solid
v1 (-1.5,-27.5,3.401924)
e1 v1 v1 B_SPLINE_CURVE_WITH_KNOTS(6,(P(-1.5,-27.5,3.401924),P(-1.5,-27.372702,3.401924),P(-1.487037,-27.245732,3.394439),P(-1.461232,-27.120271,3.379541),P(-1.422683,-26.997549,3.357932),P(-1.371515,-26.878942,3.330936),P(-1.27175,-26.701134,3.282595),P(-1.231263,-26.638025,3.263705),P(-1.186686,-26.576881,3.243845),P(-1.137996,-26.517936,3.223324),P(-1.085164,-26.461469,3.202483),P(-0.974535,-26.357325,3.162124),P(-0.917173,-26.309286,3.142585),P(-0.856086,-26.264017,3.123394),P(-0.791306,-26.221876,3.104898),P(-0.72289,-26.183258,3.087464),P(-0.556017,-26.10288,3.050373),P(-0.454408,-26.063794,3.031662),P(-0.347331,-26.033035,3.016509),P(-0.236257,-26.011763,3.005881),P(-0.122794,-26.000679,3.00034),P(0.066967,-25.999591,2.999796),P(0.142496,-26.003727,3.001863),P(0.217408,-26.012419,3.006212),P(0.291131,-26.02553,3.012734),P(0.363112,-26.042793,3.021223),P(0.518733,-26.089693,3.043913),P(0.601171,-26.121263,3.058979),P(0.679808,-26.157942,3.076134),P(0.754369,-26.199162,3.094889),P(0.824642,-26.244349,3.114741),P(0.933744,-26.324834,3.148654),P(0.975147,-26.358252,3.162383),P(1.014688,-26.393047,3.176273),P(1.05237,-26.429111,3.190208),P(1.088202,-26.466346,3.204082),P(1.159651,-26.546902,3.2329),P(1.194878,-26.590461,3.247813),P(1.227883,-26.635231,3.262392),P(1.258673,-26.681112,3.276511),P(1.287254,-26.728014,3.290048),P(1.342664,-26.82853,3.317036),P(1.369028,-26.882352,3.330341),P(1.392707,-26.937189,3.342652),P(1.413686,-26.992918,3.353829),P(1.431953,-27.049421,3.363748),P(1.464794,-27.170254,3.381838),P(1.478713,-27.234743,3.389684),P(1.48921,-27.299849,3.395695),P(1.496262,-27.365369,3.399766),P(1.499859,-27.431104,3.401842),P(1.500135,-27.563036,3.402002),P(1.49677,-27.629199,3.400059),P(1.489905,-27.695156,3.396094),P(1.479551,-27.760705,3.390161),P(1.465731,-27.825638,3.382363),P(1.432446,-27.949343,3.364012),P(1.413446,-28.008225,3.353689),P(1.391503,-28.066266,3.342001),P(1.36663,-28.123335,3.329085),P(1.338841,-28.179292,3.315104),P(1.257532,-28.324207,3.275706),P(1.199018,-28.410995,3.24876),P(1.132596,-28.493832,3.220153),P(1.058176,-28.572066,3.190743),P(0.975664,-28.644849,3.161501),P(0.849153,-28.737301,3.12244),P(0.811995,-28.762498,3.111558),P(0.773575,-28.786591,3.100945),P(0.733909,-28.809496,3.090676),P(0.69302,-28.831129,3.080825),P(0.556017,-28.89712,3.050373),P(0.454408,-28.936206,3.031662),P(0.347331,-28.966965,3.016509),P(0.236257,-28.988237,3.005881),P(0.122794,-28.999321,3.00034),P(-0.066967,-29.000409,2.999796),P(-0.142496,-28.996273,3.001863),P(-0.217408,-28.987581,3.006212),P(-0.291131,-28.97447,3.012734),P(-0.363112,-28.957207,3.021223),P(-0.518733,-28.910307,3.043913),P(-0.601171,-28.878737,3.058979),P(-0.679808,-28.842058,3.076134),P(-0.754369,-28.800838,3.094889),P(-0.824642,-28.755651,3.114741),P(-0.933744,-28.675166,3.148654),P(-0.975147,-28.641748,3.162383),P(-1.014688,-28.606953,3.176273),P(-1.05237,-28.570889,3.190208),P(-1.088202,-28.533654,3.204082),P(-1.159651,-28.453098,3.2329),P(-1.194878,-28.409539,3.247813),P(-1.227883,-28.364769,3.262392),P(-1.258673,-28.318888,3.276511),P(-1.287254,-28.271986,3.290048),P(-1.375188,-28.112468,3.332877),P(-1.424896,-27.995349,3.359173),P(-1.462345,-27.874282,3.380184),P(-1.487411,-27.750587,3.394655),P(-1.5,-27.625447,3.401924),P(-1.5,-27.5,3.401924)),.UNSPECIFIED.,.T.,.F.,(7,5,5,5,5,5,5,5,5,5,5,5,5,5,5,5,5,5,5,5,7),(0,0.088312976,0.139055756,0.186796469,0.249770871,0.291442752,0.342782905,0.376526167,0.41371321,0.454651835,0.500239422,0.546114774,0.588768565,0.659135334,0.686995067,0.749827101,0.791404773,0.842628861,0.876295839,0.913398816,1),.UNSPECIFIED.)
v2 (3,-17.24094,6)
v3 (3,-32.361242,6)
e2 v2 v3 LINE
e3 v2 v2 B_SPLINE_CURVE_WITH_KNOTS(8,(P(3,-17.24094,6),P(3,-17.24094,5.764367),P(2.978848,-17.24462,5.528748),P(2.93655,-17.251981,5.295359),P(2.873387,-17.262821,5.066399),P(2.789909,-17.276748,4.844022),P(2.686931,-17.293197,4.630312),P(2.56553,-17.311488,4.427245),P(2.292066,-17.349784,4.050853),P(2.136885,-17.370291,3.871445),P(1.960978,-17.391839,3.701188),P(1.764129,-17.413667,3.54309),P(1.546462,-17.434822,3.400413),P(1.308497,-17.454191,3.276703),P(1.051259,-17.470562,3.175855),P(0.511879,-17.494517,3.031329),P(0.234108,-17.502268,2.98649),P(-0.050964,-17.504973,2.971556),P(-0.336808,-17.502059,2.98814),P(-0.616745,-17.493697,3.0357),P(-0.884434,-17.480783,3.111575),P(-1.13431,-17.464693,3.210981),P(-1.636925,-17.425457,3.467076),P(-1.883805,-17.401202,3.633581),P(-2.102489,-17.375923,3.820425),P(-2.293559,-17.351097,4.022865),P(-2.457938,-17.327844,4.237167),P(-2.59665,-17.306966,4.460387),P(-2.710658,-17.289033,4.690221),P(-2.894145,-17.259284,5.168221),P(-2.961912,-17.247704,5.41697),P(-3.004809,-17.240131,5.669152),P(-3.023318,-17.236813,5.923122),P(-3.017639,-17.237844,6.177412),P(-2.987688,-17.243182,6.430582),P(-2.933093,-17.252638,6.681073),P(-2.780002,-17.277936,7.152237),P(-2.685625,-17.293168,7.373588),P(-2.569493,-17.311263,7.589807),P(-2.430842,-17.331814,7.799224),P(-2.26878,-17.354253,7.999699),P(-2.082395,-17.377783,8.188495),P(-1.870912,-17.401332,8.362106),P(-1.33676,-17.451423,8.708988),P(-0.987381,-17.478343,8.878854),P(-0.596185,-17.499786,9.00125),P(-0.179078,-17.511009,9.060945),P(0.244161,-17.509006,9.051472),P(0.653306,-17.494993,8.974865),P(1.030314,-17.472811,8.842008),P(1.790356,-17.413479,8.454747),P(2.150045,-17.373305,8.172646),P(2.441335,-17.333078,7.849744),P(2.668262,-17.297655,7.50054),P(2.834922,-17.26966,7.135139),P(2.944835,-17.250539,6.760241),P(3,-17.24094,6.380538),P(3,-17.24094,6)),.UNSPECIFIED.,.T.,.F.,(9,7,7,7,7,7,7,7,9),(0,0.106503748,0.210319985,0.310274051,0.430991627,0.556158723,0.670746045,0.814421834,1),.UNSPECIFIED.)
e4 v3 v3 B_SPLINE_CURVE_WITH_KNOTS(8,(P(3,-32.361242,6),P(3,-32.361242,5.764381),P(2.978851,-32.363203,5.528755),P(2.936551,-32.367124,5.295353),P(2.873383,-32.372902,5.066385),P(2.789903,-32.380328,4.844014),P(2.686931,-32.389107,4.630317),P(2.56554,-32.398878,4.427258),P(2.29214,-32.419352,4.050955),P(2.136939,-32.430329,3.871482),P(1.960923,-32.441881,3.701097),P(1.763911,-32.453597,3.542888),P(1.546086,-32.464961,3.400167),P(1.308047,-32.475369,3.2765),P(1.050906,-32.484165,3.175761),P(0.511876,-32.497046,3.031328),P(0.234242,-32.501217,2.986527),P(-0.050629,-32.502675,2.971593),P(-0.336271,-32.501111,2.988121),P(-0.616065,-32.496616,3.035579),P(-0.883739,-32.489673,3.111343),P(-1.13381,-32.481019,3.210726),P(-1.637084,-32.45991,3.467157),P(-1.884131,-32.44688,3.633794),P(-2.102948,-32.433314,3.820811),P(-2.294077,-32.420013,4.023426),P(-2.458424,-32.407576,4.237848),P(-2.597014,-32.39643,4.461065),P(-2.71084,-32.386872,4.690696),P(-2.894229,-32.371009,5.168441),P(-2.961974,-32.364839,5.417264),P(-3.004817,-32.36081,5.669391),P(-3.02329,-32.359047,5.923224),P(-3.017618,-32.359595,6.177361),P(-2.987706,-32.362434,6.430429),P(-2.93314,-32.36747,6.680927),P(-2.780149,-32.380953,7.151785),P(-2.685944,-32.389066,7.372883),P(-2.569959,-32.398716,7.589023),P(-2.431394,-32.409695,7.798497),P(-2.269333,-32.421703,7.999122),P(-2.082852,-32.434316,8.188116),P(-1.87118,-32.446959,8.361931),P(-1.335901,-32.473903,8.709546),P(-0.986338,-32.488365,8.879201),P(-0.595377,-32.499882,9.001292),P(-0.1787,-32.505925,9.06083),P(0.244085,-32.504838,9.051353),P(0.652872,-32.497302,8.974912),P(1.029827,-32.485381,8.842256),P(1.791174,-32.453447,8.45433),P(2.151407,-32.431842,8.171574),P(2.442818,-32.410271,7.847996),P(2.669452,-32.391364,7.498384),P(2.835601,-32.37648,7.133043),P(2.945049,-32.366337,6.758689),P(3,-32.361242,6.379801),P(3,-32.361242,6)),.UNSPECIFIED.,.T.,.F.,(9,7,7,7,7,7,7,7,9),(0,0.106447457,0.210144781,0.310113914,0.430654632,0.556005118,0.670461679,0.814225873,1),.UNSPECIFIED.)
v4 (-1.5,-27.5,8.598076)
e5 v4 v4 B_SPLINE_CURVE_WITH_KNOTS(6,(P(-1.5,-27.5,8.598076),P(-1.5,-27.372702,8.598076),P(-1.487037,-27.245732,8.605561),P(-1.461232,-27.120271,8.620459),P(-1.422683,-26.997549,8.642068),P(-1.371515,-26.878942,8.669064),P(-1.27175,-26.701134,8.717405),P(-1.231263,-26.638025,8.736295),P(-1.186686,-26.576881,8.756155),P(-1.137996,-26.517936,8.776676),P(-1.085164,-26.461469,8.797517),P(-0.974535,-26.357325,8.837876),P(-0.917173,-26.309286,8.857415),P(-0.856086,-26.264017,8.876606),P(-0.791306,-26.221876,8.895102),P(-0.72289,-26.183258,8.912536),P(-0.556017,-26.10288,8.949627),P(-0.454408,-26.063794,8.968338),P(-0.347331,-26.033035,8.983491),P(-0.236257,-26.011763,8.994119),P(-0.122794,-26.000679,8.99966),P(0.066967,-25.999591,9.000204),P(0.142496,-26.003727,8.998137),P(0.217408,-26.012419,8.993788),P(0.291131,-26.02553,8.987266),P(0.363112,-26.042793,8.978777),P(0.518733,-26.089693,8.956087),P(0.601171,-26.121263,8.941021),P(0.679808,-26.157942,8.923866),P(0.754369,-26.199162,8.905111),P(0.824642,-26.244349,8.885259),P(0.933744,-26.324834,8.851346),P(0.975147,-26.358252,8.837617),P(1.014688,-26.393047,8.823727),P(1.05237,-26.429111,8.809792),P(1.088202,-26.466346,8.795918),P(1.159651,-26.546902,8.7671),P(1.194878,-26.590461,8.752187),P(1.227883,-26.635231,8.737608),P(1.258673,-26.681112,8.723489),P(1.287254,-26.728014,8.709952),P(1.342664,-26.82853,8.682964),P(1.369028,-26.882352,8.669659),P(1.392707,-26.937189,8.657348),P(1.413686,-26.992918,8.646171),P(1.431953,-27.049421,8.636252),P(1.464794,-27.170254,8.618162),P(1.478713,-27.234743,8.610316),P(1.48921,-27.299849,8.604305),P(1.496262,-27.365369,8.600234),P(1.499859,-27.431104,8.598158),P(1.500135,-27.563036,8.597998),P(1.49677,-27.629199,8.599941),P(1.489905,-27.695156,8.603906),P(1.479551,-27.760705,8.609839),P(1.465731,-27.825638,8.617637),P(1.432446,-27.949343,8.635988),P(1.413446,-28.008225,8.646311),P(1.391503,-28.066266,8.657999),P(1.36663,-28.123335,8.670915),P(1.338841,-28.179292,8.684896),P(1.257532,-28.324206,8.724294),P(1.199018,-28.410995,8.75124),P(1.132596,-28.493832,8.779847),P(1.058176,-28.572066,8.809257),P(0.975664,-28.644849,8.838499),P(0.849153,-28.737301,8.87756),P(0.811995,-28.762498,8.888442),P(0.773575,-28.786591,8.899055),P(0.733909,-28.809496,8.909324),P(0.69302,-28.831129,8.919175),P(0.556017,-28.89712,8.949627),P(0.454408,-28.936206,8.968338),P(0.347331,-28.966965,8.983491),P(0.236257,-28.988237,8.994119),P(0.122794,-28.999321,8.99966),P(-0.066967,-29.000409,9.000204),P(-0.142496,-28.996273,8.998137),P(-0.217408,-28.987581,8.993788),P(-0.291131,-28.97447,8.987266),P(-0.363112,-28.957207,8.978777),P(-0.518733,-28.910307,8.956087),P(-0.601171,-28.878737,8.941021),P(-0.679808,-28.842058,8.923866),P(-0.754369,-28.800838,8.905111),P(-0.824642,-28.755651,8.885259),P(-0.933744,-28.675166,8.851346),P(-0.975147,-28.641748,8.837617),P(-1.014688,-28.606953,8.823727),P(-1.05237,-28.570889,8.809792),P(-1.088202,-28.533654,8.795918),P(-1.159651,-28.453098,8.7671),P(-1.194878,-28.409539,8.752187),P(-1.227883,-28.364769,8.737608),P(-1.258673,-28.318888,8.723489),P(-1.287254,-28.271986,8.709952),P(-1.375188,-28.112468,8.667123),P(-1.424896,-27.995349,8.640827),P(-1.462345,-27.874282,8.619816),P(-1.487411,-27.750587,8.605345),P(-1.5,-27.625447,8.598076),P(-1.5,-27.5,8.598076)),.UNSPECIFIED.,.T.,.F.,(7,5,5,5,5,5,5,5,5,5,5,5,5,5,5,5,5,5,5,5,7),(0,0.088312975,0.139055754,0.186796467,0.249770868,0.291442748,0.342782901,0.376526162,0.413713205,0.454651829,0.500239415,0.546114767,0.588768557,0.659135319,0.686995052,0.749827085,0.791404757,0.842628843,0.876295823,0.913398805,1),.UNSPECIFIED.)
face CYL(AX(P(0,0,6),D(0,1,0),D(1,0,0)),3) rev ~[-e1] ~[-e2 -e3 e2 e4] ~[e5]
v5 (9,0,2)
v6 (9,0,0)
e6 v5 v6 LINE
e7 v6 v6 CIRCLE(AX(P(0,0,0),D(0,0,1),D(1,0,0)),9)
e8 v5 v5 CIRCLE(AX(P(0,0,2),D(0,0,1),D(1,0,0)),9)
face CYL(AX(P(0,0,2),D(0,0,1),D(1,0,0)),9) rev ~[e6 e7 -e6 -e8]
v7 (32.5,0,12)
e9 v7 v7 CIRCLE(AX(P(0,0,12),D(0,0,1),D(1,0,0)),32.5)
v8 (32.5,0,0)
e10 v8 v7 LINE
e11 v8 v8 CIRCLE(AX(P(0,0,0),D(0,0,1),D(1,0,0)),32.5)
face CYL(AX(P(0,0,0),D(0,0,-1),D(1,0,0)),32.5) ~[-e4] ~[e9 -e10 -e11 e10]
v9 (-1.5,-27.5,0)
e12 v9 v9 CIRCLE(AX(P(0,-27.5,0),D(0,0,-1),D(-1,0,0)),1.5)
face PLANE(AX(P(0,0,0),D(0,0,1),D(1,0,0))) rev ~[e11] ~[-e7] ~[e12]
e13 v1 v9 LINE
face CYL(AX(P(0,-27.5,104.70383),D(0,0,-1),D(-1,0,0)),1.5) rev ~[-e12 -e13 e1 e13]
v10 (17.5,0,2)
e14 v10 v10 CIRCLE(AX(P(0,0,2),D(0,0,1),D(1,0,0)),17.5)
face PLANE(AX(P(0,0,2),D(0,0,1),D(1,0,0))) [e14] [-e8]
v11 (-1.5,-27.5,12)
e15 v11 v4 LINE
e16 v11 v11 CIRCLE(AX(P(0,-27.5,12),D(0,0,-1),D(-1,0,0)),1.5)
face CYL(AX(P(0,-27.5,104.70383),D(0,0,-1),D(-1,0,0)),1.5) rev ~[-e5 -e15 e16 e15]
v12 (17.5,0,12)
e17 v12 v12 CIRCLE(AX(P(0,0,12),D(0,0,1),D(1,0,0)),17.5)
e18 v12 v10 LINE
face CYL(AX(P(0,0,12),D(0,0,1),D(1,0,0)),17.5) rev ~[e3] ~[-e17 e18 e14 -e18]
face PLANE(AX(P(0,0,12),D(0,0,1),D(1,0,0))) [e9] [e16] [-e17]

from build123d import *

# Parameters (mm, degrees)
F0_R     = 32.5
F1_DEPTH = 12
F2_R     = 17.5
F3_DEPTH = 10
F4_R     = 9
F5_DEPTH = 2000
F7_D     = 6
F7_DEPTH = 32.501
F9_D     = 3


with BuildPart() as f1:
    # F0 (on Top) → F1 (new body)
    with BuildSketch(Plane.XY):
        Circle(F0_R)
    extrude(amount=F1_DEPTH)

    # F2 (on face) → F3 (cut)
    with BuildSketch(Plane.XY.offset(12)):
        Circle(F2_R)
    extrude(amount=-F3_DEPTH, mode=Mode.SUBTRACT)

    # F4 (on face) → F5 (cut)
    with BuildSketch(Plane.XY.offset(2)):
        Circle(F4_R)
    extrude(amount=-F5_DEPTH, mode=Mode.SUBTRACT)

    # F7 (through all, one way)
    with BuildSketch(Plane(origin=(0, 0, 0), x_dir=(1, 0, 0), z_dir=(0, 1, 0))):
        with Locations((0, -6)):
            Circle(F7_D / 2)
    extrude(amount=-F7_DEPTH, mode=Mode.SUBTRACT)

    # F9 (through all)
    with Locations(Plane.XY.offset(12)):
        with Locations((0, -27.5)):
            Hole(F9_D / 2)


solid = f1.part
